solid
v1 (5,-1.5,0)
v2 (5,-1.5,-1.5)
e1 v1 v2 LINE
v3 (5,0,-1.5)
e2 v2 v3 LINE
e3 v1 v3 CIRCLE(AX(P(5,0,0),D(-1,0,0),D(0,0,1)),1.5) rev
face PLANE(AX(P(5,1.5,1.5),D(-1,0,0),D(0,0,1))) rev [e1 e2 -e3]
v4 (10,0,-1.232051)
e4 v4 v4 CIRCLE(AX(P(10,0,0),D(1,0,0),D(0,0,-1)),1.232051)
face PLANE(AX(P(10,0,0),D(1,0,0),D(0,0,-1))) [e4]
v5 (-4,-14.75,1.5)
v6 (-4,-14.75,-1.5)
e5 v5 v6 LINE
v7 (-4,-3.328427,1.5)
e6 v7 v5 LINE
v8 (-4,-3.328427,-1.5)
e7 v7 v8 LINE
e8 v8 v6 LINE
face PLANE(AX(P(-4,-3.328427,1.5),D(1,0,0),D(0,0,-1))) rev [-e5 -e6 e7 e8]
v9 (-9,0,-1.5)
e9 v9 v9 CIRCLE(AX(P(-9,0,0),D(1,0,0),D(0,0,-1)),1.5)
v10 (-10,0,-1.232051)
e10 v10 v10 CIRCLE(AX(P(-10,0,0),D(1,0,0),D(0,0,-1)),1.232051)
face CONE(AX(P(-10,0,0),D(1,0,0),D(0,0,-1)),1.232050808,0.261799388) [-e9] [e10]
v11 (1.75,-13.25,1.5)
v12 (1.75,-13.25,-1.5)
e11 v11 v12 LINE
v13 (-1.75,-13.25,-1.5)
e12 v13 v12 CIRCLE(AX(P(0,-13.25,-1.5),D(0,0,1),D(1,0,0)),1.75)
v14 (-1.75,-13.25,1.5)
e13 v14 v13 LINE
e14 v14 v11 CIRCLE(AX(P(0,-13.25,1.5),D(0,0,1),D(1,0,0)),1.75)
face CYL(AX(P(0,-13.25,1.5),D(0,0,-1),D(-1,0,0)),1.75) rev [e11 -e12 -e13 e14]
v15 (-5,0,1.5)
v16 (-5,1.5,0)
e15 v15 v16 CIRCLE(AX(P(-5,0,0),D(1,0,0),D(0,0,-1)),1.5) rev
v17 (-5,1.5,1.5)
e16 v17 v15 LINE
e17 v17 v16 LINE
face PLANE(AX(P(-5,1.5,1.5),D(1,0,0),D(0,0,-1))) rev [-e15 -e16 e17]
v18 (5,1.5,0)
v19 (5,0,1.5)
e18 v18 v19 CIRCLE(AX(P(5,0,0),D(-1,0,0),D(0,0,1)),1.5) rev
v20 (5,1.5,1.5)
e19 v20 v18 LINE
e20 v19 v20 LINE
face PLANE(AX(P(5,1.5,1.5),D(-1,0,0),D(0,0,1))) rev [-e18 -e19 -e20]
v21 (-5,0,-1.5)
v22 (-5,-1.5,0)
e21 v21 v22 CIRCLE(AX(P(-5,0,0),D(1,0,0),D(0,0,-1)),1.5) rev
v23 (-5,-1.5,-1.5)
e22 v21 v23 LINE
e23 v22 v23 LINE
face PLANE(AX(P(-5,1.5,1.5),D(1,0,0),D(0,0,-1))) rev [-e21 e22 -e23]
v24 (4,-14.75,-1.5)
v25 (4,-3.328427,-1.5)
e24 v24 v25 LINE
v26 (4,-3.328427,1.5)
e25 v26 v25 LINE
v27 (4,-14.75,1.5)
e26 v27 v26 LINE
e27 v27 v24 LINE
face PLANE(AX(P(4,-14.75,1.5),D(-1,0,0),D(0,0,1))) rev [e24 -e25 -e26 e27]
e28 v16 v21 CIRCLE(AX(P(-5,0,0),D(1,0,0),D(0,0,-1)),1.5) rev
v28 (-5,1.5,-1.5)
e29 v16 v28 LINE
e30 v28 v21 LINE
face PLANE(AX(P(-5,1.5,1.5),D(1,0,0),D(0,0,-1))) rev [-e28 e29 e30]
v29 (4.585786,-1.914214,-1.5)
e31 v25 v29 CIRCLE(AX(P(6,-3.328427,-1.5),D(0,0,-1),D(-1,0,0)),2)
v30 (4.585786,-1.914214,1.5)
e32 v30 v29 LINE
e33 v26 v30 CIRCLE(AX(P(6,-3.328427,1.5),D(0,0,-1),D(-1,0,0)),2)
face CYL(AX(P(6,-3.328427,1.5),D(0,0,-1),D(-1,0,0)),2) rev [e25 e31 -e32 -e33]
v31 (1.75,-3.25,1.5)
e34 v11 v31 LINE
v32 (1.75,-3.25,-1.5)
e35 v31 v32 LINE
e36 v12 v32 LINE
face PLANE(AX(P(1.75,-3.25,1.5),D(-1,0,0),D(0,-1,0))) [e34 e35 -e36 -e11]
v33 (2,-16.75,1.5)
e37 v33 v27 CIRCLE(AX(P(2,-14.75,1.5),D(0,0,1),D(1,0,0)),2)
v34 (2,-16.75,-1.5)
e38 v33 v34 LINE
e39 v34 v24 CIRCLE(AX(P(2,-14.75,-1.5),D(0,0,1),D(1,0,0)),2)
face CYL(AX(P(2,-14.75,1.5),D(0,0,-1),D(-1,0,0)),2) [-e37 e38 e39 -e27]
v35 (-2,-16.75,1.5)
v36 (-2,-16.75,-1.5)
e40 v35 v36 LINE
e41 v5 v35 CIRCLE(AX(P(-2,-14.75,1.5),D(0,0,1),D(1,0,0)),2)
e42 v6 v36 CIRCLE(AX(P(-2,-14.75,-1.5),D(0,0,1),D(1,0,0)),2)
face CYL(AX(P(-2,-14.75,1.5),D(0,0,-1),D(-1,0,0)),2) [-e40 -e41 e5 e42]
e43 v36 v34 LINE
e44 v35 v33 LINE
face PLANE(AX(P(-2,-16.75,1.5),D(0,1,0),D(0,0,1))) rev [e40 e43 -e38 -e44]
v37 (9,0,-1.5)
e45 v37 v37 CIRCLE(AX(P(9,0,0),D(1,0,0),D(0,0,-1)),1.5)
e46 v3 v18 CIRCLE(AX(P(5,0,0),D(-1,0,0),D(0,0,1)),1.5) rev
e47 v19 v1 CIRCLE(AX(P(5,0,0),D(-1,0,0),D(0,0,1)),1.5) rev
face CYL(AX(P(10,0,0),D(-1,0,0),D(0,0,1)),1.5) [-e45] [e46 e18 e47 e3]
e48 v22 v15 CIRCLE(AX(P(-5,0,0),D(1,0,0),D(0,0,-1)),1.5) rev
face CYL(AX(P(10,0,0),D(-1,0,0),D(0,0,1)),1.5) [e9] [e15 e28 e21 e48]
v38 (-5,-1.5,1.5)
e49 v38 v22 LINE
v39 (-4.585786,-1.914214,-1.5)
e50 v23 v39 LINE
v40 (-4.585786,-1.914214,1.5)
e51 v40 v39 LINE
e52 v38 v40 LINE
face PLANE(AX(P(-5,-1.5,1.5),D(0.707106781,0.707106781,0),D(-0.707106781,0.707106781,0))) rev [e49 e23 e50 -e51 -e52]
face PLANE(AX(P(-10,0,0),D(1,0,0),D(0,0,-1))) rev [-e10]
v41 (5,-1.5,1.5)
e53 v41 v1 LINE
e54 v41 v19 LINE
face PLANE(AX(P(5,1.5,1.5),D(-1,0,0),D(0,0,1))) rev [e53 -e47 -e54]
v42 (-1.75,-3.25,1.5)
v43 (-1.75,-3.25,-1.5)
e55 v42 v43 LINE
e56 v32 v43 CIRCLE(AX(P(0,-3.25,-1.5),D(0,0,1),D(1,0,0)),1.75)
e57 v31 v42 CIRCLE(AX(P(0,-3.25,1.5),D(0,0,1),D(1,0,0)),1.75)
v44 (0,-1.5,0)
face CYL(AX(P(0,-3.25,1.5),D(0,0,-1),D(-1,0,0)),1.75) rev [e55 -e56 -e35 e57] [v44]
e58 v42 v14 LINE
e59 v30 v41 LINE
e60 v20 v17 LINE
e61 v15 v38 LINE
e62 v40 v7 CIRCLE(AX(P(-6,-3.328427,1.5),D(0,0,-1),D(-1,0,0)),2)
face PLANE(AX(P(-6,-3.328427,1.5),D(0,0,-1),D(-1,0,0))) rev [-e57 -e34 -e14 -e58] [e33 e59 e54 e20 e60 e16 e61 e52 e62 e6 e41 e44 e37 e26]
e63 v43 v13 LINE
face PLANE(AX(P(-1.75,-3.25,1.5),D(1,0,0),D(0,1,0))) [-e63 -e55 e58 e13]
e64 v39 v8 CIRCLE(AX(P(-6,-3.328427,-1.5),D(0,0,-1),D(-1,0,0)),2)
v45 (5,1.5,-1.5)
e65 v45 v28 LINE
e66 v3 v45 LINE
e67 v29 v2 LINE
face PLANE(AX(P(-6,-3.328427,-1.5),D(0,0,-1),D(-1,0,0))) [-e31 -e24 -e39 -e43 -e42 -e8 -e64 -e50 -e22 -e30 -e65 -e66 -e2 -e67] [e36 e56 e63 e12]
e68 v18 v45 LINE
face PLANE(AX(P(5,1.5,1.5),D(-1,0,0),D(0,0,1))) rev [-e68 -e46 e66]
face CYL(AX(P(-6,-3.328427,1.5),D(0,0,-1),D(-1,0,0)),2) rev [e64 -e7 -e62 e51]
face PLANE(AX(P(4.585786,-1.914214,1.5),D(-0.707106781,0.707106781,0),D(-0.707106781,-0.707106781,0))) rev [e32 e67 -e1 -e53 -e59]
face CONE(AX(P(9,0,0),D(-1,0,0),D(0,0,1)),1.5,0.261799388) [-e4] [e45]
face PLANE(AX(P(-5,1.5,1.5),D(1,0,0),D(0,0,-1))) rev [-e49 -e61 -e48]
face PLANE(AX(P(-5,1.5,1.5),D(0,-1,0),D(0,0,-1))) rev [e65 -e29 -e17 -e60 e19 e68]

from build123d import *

# Parameters (mm, degrees)
BOSS_EXTRU_1_DEPTH = 1.5
ESQUISSE3_R        = 1.5
BOSS_EXTRU_2_DEPTH = 10


with BuildPart() as part:
    # Esquisse1 → Boss.-Extru.1 (new, symmetric)
    with BuildSketch(Plane.XY):
        with BuildLine():
            Line((-5, -1.5), (-4.585786438, -1.914213562))
            ThreePointArc((-4.585786438, -1.914213562), (-4.152240935, -2.56306026), (-4, -3.328427125))
            Line((-4, -3.328427125), (-4, -14.75))
            ThreePointArc((-4, -14.75), (-3.414213562, -16.164213562), (-2, -16.75))
            Line((-2, -16.75), (2, -16.75))
            ThreePointArc((2, -16.75), (3.414213562, -16.164213562), (4, -14.75))
            Line((4, -14.75), (4, -3.328427125))
            ThreePointArc((4, -3.328427125), (4.152240935, -2.56306026), (4.585786438, -1.914213562))
            Line((4.585786438, -1.914213562), (5, -1.5))
            Line((5, -1.5), (5, 1.5))
            Line((5, 1.5), (-5, 1.5))
            Line((-5, 1.5), (-5, -1.5))
        make_face()
        with BuildLine():
            Line((1.75, -3.25), (1.75, -13.25))
            ThreePointArc((1.75, -13.25), (0, -15), (-1.75, -13.25))
            Line((-1.75, -13.25), (-1.75, -3.25))
            ThreePointArc((-1.75, -3.25), (0, -1.5), (1.75, -3.25))
        make_face(mode=Mode.SUBTRACT)
    extrude(amount=BOSS_EXTRU_1_DEPTH, both=True)

    # Esquisse3 → Boss.-Extru.2 (add, symmetric)
    with BuildSketch(Plane(origin=(0, 0, 0), x_dir=(0, 0, -1), z_dir=(1, 0, 0))):
        Circle(ESQUISSE3_R)
    extrude(amount=BOSS_EXTRU_2_DEPTH, both=True)

    # Esquisse4 → Enlèvement de matière-Révolution1 (revolve, cut)
    with BuildSketch(Plane(origin=(0, 0, 0), x_dir=(1, 0, 0), z_dir=(0, 1, 0))):
        Polygon((-10, 1.5), (-9, 1.5), (-10, 1.232050808), align=None)
        Polygon((10, 1.232050808), (10, 1.5), (9, 1.5), align=None)
    revolve(axis=Axis((11, 0, 0), (-1, 0, 0)), mode=Mode.SUBTRACT)


solid = part.part
